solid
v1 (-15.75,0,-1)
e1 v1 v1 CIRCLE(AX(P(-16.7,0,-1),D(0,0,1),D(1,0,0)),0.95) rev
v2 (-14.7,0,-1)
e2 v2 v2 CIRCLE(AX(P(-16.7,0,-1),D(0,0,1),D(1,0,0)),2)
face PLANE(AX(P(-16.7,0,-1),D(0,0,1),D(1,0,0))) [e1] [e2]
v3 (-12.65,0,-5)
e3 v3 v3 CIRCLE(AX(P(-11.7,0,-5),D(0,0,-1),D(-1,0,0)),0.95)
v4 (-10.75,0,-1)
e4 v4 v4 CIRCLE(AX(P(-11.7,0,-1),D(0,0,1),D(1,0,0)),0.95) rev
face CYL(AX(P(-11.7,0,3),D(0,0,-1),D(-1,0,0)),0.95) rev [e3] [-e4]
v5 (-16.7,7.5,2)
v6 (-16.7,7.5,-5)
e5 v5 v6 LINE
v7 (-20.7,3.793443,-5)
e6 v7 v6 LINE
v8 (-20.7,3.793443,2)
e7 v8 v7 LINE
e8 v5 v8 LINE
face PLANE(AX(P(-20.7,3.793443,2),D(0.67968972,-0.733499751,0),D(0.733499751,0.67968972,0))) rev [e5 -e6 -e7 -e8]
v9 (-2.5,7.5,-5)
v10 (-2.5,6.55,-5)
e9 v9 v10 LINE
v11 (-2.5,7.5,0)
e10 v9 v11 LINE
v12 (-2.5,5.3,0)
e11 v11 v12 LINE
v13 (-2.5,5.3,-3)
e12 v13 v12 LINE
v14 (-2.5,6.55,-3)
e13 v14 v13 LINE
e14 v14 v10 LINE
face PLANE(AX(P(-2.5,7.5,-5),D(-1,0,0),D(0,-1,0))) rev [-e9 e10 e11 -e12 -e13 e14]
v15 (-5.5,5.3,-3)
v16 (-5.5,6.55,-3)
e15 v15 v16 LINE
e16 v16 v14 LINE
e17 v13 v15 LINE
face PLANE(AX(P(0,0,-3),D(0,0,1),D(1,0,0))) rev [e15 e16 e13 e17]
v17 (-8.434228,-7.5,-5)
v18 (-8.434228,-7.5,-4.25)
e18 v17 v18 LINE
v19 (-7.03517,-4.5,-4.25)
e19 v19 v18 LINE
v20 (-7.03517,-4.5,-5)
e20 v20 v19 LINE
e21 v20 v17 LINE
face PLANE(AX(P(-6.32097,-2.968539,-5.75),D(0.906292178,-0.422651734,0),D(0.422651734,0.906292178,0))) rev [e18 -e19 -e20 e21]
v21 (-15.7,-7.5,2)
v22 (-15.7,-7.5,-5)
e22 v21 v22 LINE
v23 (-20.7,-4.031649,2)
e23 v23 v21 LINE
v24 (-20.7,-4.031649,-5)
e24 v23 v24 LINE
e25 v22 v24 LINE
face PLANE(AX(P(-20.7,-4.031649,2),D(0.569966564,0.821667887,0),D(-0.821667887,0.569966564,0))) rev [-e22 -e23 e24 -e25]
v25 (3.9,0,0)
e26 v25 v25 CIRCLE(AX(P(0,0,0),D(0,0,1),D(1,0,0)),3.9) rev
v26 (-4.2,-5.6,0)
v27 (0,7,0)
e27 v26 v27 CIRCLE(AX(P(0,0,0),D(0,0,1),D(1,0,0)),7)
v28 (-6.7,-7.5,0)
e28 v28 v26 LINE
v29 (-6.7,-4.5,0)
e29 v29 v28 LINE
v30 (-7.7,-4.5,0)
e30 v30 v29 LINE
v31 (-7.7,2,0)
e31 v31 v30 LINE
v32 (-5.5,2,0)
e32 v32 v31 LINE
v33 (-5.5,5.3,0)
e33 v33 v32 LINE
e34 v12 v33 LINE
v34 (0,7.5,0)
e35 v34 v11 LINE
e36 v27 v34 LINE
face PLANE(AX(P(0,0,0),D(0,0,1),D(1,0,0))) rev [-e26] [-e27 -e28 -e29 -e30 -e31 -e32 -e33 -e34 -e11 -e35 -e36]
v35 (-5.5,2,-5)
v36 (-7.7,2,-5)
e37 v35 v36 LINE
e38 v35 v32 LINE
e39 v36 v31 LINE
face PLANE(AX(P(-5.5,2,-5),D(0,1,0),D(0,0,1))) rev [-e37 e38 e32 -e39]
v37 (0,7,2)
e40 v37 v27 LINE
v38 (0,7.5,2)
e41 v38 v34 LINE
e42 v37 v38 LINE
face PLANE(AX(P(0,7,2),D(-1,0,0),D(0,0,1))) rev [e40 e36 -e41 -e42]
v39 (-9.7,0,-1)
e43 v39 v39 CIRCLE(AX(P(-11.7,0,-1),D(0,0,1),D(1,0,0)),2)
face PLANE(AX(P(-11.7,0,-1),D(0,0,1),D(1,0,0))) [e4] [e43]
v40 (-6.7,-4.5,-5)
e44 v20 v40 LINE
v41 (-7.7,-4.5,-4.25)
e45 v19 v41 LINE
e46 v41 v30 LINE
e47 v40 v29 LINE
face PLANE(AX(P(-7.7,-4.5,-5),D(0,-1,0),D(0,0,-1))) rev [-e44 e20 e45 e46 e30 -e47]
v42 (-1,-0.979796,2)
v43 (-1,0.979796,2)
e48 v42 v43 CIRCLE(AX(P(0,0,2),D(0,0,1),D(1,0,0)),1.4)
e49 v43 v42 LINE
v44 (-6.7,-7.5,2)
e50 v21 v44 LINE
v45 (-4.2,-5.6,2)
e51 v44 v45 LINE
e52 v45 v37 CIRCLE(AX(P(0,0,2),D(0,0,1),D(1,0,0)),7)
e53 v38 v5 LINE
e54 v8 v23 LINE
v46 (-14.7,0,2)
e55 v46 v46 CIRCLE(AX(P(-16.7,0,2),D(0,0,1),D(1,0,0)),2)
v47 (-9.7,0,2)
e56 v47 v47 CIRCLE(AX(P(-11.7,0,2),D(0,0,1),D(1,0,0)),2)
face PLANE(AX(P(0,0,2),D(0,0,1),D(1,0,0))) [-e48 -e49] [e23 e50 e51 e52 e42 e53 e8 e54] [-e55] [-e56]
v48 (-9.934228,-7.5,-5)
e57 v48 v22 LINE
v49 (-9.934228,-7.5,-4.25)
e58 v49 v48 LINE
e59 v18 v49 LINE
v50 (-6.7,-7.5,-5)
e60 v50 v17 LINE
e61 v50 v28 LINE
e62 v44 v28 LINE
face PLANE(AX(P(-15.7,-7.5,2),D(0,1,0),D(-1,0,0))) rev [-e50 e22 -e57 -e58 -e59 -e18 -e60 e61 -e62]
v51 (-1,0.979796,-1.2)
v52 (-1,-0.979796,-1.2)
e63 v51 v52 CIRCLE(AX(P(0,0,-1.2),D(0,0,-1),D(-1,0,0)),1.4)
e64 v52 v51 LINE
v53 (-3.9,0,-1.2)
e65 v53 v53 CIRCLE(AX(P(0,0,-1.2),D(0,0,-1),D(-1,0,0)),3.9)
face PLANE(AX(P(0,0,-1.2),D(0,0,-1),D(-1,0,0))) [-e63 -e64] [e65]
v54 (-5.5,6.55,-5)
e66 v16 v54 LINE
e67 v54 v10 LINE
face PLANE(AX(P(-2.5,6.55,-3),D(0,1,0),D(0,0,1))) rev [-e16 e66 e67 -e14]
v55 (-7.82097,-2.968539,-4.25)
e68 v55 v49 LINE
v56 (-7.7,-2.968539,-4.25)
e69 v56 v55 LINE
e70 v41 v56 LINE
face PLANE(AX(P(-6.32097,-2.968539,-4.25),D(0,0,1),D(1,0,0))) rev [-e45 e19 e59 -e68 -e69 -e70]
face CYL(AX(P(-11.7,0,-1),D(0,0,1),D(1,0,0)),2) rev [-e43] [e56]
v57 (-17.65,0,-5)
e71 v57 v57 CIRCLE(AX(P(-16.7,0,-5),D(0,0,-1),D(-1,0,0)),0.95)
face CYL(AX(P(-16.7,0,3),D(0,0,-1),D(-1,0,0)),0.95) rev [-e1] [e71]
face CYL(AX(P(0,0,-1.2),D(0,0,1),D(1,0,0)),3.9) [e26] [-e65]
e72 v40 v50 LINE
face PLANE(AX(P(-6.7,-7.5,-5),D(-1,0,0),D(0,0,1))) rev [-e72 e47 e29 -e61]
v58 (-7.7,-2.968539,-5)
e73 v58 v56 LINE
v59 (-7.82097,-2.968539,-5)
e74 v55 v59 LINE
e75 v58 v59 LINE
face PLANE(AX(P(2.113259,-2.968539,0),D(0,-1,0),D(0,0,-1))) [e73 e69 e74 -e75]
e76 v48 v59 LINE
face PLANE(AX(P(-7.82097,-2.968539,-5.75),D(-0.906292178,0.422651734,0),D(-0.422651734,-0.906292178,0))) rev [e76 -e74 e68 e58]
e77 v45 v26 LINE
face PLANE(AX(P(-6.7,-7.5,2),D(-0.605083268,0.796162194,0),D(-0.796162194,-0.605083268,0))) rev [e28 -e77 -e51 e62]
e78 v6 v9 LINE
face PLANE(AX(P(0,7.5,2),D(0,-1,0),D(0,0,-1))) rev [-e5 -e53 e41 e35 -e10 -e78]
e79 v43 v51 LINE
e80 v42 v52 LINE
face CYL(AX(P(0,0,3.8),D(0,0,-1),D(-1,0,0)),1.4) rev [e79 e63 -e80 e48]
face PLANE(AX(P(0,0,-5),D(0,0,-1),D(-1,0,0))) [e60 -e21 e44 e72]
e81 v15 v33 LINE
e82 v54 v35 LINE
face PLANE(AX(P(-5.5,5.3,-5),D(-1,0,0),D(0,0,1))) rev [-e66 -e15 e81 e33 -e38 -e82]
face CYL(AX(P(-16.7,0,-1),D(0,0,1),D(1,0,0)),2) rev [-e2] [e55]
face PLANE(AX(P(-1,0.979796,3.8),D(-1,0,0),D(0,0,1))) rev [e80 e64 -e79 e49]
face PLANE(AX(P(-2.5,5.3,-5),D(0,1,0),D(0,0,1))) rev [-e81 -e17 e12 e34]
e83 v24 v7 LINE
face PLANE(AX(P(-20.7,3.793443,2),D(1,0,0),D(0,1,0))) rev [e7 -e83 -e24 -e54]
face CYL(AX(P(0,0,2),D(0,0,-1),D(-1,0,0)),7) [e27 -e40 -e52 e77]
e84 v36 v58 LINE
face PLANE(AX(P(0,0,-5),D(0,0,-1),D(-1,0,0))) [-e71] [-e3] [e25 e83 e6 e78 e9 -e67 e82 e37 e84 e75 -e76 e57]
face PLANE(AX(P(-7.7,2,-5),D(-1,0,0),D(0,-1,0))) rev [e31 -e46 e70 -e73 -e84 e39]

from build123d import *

# Parameters (mm, degrees)
BOSS_EXTRUDE1_DEPTH = 2
BOSS_EXTRUDE2_DEPTH = 5
SKETCH4_R           = 3.9
BOSS_EXTRUDE3_DEPTH = 1.2
CUT_EXTRUDE1_DEPTH  = 5
SKETCH7_W           = 1.5
SKETCH7_H           = 1.5
CUT_EXTRUDE2_DEPTH  = 5
SKETCH8_R           = 0.95
CUT_EXTRUDE3_DEPTH  = 8
SKETCH9_R           = 2
CUT_EXTRUDE4_DEPTH  = 3
SKETCH10_W          = 3
SKETCH10_H          = 1.25
CUT_EXTRUDE5_DEPTH  = 2


with BuildPart() as part:
    # Sketch1 → Boss-Extrude1 (new body)
    with BuildSketch(Plane.XY):
        with BuildLine():
            Line((-20.7, 3.793442666), (-20.7, -4.031648778))
            Line((-20.7, -4.031648778), (-15.7, -7.5))
            Line((-15.7, -7.5), (-6.7, -7.5))
            Line((-6.7, -7.5), (-4.2, -5.6))
            ThreePointArc((-4.2, -5.6), (3.130495168, -6.260990337), (7, 0))
            ThreePointArc((7, 0), (4.949747468, 4.949747468), (0, 7))
            Line((0, 7), (0, 7.5))
            Line((0, 7.5), (-16.7, 7.5))
            Line((-16.7, 7.5), (-20.7, 3.793442666))
        make_face()
    extrude(amount=BOSS_EXTRUDE1_DEPTH)

    # Sketch2 → Boss-Extrude2 (add)
    with BuildSketch(Plane(origin=(0, 0, 0), x_dir=(-1, 0, 0), z_dir=(0, 0, -1))):
        Polygon((16.7, 7.5), (20.7, 3.793442666), (20.7, -4.031648778), (15.7, -7.5), (6.7, -7.5), (6.7, -4.5), (7.7, -4.5), (7.7, 2), (5.5, 2), (5.5, 5.3), (2.5, 5.3), (2.5, 7.5), align=None)
    extrude(amount=BOSS_EXTRUDE2_DEPTH)

    # Sketch4 → Boss-Extrude3 (add)
    with BuildSketch(Plane(origin=(0, 0, 0), x_dir=(-1, 0, 0), z_dir=(0, 0, -1))):
        Circle(SKETCH4_R)
    extrude(amount=BOSS_EXTRUDE3_DEPTH)

    # Sketch5 → Cut-Extrude1 (cut)
    with BuildSketch(Plane(origin=(0, 0, -1.2), x_dir=(-1, 0, 0), z_dir=(0, 0, -1))):
        with BuildLine():
            Line((1, 0.979795897), (1, -0.979795897))
            ThreePointArc((1, -0.979795897), (-1.4, 0), (1, 0.979795897))
        make_face()
    extrude(amount=-CUT_EXTRUDE1_DEPTH, mode=Mode.SUBTRACT)

    # Sketch7 → Cut-Extrude2 (cut, along a direction that is not the sketch's normal)
    with BuildSketch(Plane.XZ.offset(7.5)):
        with Locations((-9.184228352, -5)):
            Rectangle(SKETCH7_W, SKETCH7_H)
    extrude(amount=-CUT_EXTRUDE2_DEPTH, dir=(-0.422651734, -0.906292178, 0), mode=Mode.SUBTRACT)

    # Sketch8 → Cut-Extrude3 (cut)
    with BuildSketch(Plane(origin=(0, 0, -5), x_dir=(-1, 0, 0), z_dir=(0, 0, -1))):
        with Locations((16.7, 0)):
            Circle(SKETCH8_R)
        with Locations((11.7, 0)):
            Circle(SKETCH8_R)
    extrude(amount=-CUT_EXTRUDE3_DEPTH, mode=Mode.SUBTRACT)

    # Sketch9 → Cut-Extrude4 (cut)
    with BuildSketch(Plane.XY.offset(2)):
        with Locations((-16.7, 0)):
            Circle(SKETCH9_R)
        with Locations((-11.7, 0)):
            Circle(SKETCH9_R)
    extrude(amount=-CUT_EXTRUDE4_DEPTH, mode=Mode.SUBTRACT)

    # Sketch10 → Cut-Extrude5 (cut)
    with BuildSketch(Plane(origin=(0, 0, -5), x_dir=(-1, 0, 0), z_dir=(0, 0, -1))):
        with Locations((4, 5.925)):
            Rectangle(SKETCH10_W, SKETCH10_H)
    extrude(amount=-CUT_EXTRUDE5_DEPTH, mode=Mode.SUBTRACT)


solid = part.part
